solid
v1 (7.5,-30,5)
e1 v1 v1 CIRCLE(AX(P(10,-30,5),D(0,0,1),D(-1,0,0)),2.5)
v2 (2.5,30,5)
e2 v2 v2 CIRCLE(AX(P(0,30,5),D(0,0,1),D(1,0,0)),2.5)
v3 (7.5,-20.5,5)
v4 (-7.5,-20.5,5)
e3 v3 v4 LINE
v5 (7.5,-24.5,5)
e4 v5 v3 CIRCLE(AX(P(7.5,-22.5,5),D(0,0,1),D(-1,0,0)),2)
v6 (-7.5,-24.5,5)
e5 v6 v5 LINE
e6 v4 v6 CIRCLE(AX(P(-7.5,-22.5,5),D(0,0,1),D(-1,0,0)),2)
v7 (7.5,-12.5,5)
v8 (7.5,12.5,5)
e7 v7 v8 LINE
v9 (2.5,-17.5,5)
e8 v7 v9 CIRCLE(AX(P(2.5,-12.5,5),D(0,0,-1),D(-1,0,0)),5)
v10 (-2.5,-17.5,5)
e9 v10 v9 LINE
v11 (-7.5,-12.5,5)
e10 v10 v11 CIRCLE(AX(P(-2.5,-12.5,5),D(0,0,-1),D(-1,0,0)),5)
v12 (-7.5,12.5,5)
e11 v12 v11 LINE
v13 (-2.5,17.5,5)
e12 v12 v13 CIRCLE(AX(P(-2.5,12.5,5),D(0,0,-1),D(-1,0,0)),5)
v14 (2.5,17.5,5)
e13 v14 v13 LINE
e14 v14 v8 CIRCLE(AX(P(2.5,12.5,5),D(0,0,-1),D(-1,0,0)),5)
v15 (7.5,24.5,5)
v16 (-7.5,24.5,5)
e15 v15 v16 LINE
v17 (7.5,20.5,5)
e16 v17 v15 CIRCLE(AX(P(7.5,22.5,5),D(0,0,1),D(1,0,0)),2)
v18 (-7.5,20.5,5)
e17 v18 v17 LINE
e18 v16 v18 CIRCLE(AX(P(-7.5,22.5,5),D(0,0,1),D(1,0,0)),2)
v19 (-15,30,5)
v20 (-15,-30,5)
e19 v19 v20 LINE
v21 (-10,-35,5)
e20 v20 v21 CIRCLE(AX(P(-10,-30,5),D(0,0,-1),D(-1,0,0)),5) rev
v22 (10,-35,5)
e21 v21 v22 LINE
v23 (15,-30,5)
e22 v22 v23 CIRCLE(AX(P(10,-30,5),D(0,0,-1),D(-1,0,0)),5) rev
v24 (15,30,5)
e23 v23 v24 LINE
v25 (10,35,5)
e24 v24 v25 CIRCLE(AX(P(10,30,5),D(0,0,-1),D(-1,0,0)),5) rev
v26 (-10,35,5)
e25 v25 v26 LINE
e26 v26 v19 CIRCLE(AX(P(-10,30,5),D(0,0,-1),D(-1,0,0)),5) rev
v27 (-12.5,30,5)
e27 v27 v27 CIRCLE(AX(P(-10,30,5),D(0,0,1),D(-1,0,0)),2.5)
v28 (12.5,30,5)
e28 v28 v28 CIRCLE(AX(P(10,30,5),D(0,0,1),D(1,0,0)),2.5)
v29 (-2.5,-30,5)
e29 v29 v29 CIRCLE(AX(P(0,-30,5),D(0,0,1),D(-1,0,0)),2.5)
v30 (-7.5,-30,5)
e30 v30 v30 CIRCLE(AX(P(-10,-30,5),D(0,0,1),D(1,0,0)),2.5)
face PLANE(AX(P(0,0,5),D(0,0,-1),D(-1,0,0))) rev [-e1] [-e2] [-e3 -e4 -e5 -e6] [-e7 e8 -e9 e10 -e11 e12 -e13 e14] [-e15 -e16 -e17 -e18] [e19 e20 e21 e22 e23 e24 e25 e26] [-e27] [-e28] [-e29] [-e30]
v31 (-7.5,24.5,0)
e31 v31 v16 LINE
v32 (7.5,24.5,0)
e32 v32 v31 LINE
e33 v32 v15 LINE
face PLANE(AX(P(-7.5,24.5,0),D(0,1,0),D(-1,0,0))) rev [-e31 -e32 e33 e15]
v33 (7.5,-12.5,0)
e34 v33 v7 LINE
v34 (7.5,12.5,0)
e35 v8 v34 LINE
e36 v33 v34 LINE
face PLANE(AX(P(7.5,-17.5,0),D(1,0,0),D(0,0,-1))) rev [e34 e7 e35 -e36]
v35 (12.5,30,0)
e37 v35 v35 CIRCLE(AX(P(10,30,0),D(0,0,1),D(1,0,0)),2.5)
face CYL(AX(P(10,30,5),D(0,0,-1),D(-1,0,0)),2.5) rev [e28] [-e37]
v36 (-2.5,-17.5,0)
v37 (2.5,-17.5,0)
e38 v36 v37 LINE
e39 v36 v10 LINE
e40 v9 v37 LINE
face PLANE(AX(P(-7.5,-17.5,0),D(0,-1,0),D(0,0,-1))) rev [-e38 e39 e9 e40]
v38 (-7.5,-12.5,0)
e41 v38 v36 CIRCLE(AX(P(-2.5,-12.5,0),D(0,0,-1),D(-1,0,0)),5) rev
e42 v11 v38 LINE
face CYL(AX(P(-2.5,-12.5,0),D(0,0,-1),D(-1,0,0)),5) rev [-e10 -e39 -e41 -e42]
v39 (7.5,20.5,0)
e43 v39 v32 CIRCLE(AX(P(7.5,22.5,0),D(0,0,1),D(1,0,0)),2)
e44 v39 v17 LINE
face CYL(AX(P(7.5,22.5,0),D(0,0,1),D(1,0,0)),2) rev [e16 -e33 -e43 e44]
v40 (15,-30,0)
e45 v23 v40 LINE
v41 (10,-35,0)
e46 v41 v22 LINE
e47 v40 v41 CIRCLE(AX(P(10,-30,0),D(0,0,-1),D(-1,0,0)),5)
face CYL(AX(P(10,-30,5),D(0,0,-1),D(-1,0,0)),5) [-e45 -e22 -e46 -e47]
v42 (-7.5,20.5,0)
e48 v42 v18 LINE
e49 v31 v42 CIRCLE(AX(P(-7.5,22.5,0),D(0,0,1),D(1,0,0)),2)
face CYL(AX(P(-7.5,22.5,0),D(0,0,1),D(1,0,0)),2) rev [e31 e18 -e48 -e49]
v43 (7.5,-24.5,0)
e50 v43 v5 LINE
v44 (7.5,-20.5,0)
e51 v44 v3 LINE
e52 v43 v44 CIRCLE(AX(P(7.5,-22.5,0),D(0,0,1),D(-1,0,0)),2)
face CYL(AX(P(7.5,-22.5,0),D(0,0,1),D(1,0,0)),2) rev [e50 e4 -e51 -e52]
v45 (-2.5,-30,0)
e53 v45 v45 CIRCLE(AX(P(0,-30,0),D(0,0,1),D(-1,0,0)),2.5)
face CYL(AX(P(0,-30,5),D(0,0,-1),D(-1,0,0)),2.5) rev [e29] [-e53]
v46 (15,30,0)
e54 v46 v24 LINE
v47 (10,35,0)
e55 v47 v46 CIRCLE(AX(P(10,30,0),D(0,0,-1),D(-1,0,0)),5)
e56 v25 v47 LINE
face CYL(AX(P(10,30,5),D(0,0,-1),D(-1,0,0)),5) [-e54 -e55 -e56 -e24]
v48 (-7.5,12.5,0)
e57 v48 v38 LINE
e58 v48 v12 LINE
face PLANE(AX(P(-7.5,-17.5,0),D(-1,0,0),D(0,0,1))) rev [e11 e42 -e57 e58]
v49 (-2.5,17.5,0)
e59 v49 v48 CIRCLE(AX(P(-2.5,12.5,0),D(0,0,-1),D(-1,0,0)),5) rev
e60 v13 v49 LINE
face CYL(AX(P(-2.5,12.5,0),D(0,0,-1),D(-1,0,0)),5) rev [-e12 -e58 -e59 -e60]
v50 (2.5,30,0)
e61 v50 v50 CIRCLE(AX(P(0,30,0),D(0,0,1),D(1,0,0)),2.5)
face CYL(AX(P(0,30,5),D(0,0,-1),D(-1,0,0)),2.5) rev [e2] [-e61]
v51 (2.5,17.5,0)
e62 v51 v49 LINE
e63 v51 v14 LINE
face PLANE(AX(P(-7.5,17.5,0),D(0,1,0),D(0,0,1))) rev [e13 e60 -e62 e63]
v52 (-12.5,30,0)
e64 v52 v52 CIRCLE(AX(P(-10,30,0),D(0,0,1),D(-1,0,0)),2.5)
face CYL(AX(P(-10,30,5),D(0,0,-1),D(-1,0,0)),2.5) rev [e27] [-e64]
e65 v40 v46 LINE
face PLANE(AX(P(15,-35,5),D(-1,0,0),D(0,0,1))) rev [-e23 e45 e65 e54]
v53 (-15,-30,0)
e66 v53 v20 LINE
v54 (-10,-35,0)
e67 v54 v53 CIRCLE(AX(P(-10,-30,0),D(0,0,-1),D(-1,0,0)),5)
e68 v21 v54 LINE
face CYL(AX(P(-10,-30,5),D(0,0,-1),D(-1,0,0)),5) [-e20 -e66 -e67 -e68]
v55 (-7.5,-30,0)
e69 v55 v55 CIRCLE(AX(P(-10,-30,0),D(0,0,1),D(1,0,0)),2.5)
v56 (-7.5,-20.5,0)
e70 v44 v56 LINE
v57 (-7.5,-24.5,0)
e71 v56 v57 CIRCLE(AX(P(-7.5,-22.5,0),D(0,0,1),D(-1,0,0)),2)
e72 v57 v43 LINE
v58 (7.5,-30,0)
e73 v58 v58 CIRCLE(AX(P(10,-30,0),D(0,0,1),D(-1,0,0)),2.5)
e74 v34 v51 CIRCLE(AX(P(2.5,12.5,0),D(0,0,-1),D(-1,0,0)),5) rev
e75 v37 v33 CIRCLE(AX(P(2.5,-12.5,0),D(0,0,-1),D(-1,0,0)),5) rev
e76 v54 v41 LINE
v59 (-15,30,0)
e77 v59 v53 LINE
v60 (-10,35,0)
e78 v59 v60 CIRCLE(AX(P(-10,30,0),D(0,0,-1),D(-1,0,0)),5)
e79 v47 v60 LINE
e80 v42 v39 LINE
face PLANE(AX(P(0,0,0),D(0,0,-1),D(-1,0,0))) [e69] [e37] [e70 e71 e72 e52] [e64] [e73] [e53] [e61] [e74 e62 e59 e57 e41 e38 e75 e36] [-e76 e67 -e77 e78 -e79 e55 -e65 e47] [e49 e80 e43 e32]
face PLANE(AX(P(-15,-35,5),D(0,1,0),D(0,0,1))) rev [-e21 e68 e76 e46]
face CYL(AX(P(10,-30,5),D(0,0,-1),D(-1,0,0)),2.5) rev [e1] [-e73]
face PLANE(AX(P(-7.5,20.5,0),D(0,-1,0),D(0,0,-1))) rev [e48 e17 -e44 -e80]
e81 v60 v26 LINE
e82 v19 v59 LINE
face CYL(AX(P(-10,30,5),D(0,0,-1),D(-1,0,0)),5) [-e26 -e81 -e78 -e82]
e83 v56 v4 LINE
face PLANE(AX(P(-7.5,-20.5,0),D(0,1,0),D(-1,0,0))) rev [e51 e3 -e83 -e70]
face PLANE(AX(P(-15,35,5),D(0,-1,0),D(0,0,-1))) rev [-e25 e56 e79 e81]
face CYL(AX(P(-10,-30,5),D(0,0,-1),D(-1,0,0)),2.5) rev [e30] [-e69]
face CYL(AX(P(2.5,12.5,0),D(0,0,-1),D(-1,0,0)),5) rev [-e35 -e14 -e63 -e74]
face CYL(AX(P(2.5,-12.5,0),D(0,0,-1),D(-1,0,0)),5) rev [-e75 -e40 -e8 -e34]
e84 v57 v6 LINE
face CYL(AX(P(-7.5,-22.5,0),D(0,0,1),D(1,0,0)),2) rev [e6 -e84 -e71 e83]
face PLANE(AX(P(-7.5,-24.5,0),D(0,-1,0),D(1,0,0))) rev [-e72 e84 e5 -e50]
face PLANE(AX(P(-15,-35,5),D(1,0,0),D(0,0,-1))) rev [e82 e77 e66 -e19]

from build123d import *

# Parameters (mm, degrees)
SKETCH1_W           = 30
SKETCH1_H           = 70
SKETCH1_R           = 2.5
BOSS_EXTRUDE1_DEPTH = 5
FILLET1_R           = 5
SKETCH2_W           = 15
SKETCH2_H           = 35
CUT_EXTRUDE1_DEPTH  = 39.405728739
CUT_EXTRUDE2_DEPTH  = 39.405728739
FILLET2_R           = 5


with BuildPart() as part:
    # Sketch1 → Boss-Extrude1 (new body)
    with BuildSketch(Plane.XY):
        Rectangle(SKETCH1_W, SKETCH1_H)
        with Locations((0, 30)):
            Circle(SKETCH1_R, mode=Mode.SUBTRACT)
        with Locations((10, 30)):
            Circle(SKETCH1_R, mode=Mode.SUBTRACT)
        with Locations(Location((-10, 30, 0), (0, 0, 180))):
            Circle(SKETCH1_R, mode=Mode.SUBTRACT)
        with Locations(Location((10, -30, 0), (0, 0, 180))):
            Circle(SKETCH1_R, mode=Mode.SUBTRACT)
        with Locations(Location((0, -30, 0), (0, 0, 180))):
            Circle(SKETCH1_R, mode=Mode.SUBTRACT)
        with Locations((-10, -30)):
            Circle(SKETCH1_R, mode=Mode.SUBTRACT)
    extrude(amount=BOSS_EXTRUDE1_DEPTH)

    # Fillet1
    fillet1_edges = [part.edges().sort_by_distance(p)[0] for p in [
        (15, -35, 2.5),
        (-15, -35, 2.5),
        (-15, 35, 2.5),
        (15, 35, 2.5),
    ]]
    fillet(fillet1_edges, radius=FILLET1_R)

    # Sketch2 → Cut-Extrude1 (cut, through all)
    with BuildSketch(Plane.XY.offset(5)):
        Rectangle(SKETCH2_W, SKETCH2_H)
    extrude(amount=-CUT_EXTRUDE1_DEPTH, mode=Mode.SUBTRACT)

    # Sketch3 → Cut-Extrude2 (cut, through all)
    with BuildSketch(Plane.XY.offset(5)):
        with BuildLine():
            Line((-7.5, 24.5), (7.5, 24.5))
            ThreePointArc((7.5, 24.5), (9.5, 22.5), (7.5, 20.5))
            Line((7.5, 20.5), (-7.5, 20.5))
            ThreePointArc((-7.5, 20.5), (-9.5, 22.5), (-7.5, 24.5))
        make_face()
        with BuildLine():
            Line((-7.5, -24.5), (7.5, -24.5))
            ThreePointArc((7.5, -24.5), (9.5, -22.5), (7.5, -20.5))
            Line((7.5, -20.5), (-7.5, -20.5))
            ThreePointArc((-7.5, -20.5), (-9.5, -22.5), (-7.5, -24.5))
        make_face()
    extrude(amount=-CUT_EXTRUDE2_DEPTH, mode=Mode.SUBTRACT)

    # Fillet2
    fillet2_edges = [part.edges().sort_by_distance(p)[0] for p in [
        (7.5, 17.5, 2.5),
        (7.5, -17.5, 2.5),
        (-7.5, -17.5, 2.5),
        (-7.5, 17.5, 2.5),
    ]]
    fillet(fillet2_edges, radius=FILLET2_R)


solid = part.part
